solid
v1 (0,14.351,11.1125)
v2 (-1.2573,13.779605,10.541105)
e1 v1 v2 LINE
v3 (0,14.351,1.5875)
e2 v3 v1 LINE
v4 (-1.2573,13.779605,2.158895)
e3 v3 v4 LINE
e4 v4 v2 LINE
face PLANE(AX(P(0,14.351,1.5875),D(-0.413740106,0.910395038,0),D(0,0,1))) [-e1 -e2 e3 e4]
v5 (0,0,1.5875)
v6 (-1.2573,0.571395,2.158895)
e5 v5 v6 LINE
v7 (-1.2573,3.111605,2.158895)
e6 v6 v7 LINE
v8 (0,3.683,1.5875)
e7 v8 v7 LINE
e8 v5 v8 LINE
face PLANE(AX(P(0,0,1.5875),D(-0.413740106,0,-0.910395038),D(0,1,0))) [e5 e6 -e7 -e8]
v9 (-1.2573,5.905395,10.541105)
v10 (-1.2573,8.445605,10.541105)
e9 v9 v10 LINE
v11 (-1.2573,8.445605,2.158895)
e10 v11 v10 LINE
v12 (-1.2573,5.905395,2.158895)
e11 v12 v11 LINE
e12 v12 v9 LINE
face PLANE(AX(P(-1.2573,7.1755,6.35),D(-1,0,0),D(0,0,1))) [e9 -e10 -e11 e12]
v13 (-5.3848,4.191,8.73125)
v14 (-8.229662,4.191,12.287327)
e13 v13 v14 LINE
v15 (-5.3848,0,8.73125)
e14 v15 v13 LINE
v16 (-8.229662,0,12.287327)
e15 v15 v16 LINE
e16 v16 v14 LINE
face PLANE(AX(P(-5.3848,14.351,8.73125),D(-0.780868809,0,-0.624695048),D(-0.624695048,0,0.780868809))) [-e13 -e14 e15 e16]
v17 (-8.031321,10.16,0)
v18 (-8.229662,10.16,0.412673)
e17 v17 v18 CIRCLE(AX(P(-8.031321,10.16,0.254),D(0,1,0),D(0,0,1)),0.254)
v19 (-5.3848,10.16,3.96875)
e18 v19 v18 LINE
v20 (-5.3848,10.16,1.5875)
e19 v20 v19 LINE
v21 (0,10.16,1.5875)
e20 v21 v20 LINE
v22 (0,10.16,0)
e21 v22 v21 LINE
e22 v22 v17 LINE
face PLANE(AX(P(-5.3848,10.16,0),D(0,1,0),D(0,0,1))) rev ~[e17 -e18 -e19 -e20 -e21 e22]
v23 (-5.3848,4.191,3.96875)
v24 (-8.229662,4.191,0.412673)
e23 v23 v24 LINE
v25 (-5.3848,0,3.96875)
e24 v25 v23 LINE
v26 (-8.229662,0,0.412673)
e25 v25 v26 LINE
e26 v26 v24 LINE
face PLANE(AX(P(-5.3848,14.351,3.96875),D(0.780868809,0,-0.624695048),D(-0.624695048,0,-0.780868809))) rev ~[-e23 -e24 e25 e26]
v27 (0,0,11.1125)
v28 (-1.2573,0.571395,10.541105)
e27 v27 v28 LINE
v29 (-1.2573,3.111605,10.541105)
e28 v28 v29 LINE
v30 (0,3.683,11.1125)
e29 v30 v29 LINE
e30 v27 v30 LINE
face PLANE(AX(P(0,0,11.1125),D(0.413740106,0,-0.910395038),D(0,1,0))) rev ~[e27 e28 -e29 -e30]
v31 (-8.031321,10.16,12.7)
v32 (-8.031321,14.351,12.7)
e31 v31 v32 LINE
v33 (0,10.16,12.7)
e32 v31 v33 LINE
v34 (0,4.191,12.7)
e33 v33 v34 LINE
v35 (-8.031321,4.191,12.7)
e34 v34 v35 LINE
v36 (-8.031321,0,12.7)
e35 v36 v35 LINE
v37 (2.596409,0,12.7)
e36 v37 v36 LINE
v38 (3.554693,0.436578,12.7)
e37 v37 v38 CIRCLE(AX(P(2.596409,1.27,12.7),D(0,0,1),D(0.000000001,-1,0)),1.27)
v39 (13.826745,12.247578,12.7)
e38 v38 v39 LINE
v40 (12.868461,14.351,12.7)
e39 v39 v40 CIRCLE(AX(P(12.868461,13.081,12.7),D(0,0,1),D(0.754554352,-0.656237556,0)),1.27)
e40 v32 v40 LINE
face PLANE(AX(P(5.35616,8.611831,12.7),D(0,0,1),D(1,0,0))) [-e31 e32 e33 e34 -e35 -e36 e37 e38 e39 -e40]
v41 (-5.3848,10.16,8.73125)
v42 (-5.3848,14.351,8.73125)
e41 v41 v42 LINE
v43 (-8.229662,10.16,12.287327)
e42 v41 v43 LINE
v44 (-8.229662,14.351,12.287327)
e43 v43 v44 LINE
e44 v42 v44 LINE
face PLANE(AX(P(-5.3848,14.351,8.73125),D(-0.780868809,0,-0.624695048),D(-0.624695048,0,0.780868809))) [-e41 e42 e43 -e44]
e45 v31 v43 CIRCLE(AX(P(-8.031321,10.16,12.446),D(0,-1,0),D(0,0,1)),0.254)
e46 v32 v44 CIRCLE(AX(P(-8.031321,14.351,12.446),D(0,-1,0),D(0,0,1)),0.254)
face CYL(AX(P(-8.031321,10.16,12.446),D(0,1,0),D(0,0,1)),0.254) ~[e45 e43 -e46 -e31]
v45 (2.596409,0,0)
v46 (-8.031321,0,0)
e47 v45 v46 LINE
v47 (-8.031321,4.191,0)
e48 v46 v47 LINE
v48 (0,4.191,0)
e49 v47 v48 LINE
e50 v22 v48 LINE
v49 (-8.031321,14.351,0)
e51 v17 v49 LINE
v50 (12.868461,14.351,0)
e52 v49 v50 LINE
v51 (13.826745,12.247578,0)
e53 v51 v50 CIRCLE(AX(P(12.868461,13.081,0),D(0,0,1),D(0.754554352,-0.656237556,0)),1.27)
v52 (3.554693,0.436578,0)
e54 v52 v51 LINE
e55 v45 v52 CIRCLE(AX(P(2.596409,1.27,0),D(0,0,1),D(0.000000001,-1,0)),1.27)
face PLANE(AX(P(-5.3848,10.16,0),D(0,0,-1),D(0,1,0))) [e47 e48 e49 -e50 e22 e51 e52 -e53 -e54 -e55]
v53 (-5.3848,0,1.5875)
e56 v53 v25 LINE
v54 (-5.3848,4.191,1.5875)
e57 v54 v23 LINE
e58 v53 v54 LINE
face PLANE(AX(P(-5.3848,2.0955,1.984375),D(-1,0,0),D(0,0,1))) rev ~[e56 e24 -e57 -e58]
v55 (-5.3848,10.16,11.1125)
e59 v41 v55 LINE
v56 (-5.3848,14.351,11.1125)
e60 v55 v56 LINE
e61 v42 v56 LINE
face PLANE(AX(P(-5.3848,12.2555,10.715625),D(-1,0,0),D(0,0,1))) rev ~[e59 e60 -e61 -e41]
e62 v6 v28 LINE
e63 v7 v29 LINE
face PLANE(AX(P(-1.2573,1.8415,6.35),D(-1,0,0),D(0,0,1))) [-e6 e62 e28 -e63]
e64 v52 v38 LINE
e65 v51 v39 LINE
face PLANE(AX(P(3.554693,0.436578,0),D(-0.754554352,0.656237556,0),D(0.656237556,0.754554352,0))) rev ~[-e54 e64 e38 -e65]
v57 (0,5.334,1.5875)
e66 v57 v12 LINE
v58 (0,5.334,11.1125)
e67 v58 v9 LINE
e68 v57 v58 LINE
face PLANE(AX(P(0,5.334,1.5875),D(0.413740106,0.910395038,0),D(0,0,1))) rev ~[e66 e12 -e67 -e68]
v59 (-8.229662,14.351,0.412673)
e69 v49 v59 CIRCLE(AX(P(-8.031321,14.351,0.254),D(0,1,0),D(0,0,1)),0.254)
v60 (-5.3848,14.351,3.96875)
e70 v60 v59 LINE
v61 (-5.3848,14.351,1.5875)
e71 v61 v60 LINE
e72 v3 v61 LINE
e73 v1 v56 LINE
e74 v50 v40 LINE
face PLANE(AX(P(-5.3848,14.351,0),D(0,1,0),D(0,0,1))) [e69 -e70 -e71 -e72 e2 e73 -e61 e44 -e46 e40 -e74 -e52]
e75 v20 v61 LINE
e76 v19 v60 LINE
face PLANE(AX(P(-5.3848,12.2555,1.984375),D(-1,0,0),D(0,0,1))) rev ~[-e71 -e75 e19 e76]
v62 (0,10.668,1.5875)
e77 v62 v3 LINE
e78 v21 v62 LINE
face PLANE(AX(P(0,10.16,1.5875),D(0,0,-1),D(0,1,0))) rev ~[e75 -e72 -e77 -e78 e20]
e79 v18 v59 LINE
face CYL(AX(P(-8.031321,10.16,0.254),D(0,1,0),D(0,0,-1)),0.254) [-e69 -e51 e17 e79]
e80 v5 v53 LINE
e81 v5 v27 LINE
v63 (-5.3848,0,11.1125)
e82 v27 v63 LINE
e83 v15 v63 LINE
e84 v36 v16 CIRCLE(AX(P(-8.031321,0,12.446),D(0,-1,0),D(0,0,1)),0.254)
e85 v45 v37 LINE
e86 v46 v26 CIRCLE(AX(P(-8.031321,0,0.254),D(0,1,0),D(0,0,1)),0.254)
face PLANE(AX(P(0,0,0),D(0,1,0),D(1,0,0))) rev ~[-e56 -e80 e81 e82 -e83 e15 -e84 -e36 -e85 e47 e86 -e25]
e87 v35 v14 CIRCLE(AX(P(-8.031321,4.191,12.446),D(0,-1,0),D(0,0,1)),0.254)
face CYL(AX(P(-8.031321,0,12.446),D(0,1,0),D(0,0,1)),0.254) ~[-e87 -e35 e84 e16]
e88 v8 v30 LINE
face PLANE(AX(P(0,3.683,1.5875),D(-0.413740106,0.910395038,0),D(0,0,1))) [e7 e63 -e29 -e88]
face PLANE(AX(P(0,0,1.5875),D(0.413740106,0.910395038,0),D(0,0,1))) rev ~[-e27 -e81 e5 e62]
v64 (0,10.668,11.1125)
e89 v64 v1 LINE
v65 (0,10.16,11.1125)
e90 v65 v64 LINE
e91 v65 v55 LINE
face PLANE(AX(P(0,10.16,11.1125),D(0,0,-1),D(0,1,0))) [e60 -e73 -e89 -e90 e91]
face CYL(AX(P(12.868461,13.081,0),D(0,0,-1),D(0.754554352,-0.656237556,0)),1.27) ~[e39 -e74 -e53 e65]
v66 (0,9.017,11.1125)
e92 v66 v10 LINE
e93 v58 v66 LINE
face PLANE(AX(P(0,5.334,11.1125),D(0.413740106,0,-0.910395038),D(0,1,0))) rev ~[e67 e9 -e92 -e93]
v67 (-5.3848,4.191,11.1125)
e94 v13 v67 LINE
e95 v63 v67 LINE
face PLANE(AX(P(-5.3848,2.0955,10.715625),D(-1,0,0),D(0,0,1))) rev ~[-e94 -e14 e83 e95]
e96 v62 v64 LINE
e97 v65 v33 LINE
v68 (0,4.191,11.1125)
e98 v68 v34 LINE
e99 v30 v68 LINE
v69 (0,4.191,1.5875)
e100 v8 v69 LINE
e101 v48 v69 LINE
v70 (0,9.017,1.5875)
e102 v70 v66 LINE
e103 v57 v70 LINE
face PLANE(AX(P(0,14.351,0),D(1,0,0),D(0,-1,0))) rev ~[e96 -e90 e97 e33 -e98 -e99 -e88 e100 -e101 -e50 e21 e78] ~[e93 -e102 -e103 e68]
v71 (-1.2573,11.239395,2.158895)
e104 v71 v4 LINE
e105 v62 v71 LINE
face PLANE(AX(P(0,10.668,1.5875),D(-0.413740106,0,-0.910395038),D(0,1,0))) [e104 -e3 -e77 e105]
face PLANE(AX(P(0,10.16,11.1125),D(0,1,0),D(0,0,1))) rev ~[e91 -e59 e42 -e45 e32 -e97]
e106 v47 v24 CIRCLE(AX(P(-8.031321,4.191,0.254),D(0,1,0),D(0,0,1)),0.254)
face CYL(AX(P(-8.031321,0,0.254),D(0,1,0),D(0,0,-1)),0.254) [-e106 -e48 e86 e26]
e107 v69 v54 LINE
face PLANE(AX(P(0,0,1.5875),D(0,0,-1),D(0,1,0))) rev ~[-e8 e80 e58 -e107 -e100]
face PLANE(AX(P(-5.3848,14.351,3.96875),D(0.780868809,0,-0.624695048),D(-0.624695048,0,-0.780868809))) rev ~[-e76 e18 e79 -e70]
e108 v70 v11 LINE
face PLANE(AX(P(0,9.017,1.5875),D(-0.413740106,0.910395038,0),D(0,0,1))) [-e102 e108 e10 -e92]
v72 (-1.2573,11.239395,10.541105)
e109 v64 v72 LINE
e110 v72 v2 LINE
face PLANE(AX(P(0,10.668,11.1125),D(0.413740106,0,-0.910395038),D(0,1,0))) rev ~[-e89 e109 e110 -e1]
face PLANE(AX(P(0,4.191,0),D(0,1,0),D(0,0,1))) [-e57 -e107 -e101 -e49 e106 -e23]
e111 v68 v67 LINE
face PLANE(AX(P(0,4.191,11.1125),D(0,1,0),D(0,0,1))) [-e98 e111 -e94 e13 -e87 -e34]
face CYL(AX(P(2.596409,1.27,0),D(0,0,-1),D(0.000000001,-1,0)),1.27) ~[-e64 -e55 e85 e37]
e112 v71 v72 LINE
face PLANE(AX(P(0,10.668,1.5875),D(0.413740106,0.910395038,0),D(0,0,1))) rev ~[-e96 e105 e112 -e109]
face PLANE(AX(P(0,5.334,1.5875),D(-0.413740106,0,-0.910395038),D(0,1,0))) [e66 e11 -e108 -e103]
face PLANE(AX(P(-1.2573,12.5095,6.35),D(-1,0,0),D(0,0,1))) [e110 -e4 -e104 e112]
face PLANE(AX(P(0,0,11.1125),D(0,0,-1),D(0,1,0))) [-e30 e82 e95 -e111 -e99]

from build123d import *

# Parameters (mm, degrees)
BOSS_EXTRUDE1_DEPTH           = 12.7
SKETCH3_W                     = 9.525
SKETCH3_H                     = 3.683
BOSS_EXTRUDE2_DEPTH           = 1.2573
BOSS_EXTRUDE2_DRAFT           = 24.44
BOSS_EXTRUDE2_PROFILE_2_DEPTH = 1.2573
BOSS_EXTRUDE2_PROFILE_2_DRAFT = 24.44
BOSS_EXTRUDE2_PROFILE_3_DEPTH = 1.2573
BOSS_EXTRUDE2_PROFILE_3_DRAFT = 24.44
SKETCH2_W                     = 1.5875
SKETCH2_H                     = 4.191
BOSS_EXTRUDE3_DEPTH           = 5.3848
SKETCH4_W                     = 3.96875
SKETCH4_H                     = 4.191
BOSS_EXTRUDE4_DEPTH           = 3.175
CUT_EXTRUDE1_START            = -14.351
CUT_EXTRUDE1_DEPTH            = 14.351
FILLET1_R                     = 0.254


with BuildPart() as part:
    # Sketch1 → Boss-Extrude1 (new body)
    with BuildSketch(Plane.XY):
        with BuildLine():
            Line((3.554693097, 0.436578304), (13.826745412, 12.247578304))
            ThreePointArc((13.826745412, 12.247578304), (14.024174489, 13.607523715), (12.868461386, 14.351))
            Line((12.868461386, 14.351), (0, 14.351))
            Line((0, 14.351), (0, 0))
            Line((0, 0), (2.596409071, 0))
            ThreePointArc((2.596409071, 0), (3.122932786, 0.114286897), (3.554693097, 0.436578304))
        make_face()
    extrude(amount=BOSS_EXTRUDE1_DEPTH)


with BuildPart() as boss_extrude2_tool:
    # Sketch3 → Boss-Extrude2 (with draft: the straight prism first)
    with BuildSketch(Plane.ZY):
        with Locations((6.35, 7.1755)):
            Rectangle(SKETCH3_W, SKETCH3_H)
    extrude(amount=BOSS_EXTRUDE2_DEPTH)
    # Boss-Extrude2: the draft: its side faces are tilted about the plane it starts from
    boss_extrude2_sides = [boss_extrude2_tool.faces().sort_by_distance(p)[0] for p in [
        (-0.62865, 7.1755, 1.5875),
        (-0.62865, 5.334, 6.35),
        (-0.62865, 7.1755, 11.1125),
        (-0.62865, 9.017, 6.35),
    ]]
    draft(boss_extrude2_sides, Plane.ZY, BOSS_EXTRUDE2_DRAFT)


with BuildPart() as part_1:
    add(part.part)

    # Boss-Extrude2: add boss_extrude2_tool
    add(boss_extrude2_tool.part)


with BuildPart() as boss_extrude2_profile_2_tool:
    # Sketch3 → Boss-Extrude2 profile 2 (with draft: the straight prism first)
    with BuildSketch(Plane.ZY):
        with Locations((6.35, 12.5095)):
            Rectangle(SKETCH3_W, SKETCH3_H)
    extrude(amount=BOSS_EXTRUDE2_PROFILE_2_DEPTH)
    # Boss-Extrude2 profile 2: the draft: its side faces are tilted about the plane it starts from
    boss_extrude2_profile_2_sides = [boss_extrude2_profile_2_tool.faces().sort_by_distance(p)[0] for p in [
        (-0.62865, 12.5095, 1.5875),
        (-0.62865, 10.668, 6.35),
        (-0.62865, 12.5095, 11.1125),
        (-0.62865, 14.351, 6.35),
    ]]
    draft(boss_extrude2_profile_2_sides, Plane.ZY, BOSS_EXTRUDE2_PROFILE_2_DRAFT)


with BuildPart() as part_2:
    add(part_1.part)

    # Boss-Extrude2 profile 2: add boss_extrude2_profile_2_tool
    add(boss_extrude2_profile_2_tool.part)


with BuildPart() as boss_extrude2_profile_3_tool:
    # Sketch3 → Boss-Extrude2 profile 3 (with draft: the straight prism first)
    with BuildSketch(Plane.ZY):
        with Locations((6.35, 1.8415)):
            Rectangle(SKETCH3_W, SKETCH3_H)
    extrude(amount=BOSS_EXTRUDE2_PROFILE_3_DEPTH)
    # Boss-Extrude2 profile 3: the draft: its side faces are tilted about the plane it starts from
    boss_extrude2_profile_3_sides = [boss_extrude2_profile_3_tool.faces().sort_by_distance(p)[0] for p in [
        (-0.62865, 1.8415, 1.5875),
        (-0.62865, 0, 6.35),
        (-0.62865, 1.8415, 11.1125),
        (-0.62865, 3.683, 6.35),
    ]]
    draft(boss_extrude2_profile_3_sides, Plane.ZY, BOSS_EXTRUDE2_PROFILE_3_DRAFT)


with BuildPart() as part_3:
    add(part_2.part)

    # Boss-Extrude2 profile 3: add boss_extrude2_profile_3_tool
    add(boss_extrude2_profile_3_tool.part)

    # Sketch2 → Boss-Extrude3 (add)
    with BuildSketch(Plane.ZY):
        with Locations((0.79375, 12.2555)):
            Rectangle(SKETCH2_W, SKETCH2_H)
        with Locations((0.79375, 2.0955)):
            Rectangle(SKETCH2_W, SKETCH2_H)
        with Locations((11.90625, 2.0955)):
            Rectangle(SKETCH2_W, SKETCH2_H)
        with Locations((11.90625, 12.2555)):
            Rectangle(SKETCH2_W, SKETCH2_H)
    extrude(amount=BOSS_EXTRUDE3_DEPTH)

    # Sketch4 → Boss-Extrude4 (add)
    with BuildSketch(Plane.ZY.offset(5.3848)):
        with Locations((1.984375, 12.2555)):
            Rectangle(SKETCH4_W, SKETCH4_H)
        with Locations((10.715625, 12.2555)):
            Rectangle(SKETCH4_W, SKETCH4_H)
        with Locations((10.715625, 2.0955)):
            Rectangle(SKETCH4_W, SKETCH4_H)
        with Locations((1.984375, 2.0955)):
            Rectangle(SKETCH4_W, SKETCH4_H)
    extrude(amount=BOSS_EXTRUDE4_DEPTH)

    # Sketch5 → Cut-Extrude1 (cut)
    with BuildSketch(Plane.XZ.offset(CUT_EXTRUDE1_START)):
        Polygon((-5.3848, 3.96875), (-8.5598, 0), (-8.5598, 3.96875), align=None)
        Polygon((-8.5598, 12.7), (-8.5598, 8.73125), (-5.3848, 8.73125), align=None)
    extrude(amount=CUT_EXTRUDE1_DEPTH, mode=Mode.SUBTRACT)

    # Fillet1
    fillet1_edges = [part_3.edges().sort_by_distance(p)[0] for p in [
        (-8.5598, 12.2555, 0),
        (-8.5598, 2.0955, 12.7),
        (-8.5598, 12.2555, 12.7),
        (-8.5598, 2.0955, 0),
    ]]
    fillet(fillet1_edges, radius=FILLET1_R)


solid = part_3.part
